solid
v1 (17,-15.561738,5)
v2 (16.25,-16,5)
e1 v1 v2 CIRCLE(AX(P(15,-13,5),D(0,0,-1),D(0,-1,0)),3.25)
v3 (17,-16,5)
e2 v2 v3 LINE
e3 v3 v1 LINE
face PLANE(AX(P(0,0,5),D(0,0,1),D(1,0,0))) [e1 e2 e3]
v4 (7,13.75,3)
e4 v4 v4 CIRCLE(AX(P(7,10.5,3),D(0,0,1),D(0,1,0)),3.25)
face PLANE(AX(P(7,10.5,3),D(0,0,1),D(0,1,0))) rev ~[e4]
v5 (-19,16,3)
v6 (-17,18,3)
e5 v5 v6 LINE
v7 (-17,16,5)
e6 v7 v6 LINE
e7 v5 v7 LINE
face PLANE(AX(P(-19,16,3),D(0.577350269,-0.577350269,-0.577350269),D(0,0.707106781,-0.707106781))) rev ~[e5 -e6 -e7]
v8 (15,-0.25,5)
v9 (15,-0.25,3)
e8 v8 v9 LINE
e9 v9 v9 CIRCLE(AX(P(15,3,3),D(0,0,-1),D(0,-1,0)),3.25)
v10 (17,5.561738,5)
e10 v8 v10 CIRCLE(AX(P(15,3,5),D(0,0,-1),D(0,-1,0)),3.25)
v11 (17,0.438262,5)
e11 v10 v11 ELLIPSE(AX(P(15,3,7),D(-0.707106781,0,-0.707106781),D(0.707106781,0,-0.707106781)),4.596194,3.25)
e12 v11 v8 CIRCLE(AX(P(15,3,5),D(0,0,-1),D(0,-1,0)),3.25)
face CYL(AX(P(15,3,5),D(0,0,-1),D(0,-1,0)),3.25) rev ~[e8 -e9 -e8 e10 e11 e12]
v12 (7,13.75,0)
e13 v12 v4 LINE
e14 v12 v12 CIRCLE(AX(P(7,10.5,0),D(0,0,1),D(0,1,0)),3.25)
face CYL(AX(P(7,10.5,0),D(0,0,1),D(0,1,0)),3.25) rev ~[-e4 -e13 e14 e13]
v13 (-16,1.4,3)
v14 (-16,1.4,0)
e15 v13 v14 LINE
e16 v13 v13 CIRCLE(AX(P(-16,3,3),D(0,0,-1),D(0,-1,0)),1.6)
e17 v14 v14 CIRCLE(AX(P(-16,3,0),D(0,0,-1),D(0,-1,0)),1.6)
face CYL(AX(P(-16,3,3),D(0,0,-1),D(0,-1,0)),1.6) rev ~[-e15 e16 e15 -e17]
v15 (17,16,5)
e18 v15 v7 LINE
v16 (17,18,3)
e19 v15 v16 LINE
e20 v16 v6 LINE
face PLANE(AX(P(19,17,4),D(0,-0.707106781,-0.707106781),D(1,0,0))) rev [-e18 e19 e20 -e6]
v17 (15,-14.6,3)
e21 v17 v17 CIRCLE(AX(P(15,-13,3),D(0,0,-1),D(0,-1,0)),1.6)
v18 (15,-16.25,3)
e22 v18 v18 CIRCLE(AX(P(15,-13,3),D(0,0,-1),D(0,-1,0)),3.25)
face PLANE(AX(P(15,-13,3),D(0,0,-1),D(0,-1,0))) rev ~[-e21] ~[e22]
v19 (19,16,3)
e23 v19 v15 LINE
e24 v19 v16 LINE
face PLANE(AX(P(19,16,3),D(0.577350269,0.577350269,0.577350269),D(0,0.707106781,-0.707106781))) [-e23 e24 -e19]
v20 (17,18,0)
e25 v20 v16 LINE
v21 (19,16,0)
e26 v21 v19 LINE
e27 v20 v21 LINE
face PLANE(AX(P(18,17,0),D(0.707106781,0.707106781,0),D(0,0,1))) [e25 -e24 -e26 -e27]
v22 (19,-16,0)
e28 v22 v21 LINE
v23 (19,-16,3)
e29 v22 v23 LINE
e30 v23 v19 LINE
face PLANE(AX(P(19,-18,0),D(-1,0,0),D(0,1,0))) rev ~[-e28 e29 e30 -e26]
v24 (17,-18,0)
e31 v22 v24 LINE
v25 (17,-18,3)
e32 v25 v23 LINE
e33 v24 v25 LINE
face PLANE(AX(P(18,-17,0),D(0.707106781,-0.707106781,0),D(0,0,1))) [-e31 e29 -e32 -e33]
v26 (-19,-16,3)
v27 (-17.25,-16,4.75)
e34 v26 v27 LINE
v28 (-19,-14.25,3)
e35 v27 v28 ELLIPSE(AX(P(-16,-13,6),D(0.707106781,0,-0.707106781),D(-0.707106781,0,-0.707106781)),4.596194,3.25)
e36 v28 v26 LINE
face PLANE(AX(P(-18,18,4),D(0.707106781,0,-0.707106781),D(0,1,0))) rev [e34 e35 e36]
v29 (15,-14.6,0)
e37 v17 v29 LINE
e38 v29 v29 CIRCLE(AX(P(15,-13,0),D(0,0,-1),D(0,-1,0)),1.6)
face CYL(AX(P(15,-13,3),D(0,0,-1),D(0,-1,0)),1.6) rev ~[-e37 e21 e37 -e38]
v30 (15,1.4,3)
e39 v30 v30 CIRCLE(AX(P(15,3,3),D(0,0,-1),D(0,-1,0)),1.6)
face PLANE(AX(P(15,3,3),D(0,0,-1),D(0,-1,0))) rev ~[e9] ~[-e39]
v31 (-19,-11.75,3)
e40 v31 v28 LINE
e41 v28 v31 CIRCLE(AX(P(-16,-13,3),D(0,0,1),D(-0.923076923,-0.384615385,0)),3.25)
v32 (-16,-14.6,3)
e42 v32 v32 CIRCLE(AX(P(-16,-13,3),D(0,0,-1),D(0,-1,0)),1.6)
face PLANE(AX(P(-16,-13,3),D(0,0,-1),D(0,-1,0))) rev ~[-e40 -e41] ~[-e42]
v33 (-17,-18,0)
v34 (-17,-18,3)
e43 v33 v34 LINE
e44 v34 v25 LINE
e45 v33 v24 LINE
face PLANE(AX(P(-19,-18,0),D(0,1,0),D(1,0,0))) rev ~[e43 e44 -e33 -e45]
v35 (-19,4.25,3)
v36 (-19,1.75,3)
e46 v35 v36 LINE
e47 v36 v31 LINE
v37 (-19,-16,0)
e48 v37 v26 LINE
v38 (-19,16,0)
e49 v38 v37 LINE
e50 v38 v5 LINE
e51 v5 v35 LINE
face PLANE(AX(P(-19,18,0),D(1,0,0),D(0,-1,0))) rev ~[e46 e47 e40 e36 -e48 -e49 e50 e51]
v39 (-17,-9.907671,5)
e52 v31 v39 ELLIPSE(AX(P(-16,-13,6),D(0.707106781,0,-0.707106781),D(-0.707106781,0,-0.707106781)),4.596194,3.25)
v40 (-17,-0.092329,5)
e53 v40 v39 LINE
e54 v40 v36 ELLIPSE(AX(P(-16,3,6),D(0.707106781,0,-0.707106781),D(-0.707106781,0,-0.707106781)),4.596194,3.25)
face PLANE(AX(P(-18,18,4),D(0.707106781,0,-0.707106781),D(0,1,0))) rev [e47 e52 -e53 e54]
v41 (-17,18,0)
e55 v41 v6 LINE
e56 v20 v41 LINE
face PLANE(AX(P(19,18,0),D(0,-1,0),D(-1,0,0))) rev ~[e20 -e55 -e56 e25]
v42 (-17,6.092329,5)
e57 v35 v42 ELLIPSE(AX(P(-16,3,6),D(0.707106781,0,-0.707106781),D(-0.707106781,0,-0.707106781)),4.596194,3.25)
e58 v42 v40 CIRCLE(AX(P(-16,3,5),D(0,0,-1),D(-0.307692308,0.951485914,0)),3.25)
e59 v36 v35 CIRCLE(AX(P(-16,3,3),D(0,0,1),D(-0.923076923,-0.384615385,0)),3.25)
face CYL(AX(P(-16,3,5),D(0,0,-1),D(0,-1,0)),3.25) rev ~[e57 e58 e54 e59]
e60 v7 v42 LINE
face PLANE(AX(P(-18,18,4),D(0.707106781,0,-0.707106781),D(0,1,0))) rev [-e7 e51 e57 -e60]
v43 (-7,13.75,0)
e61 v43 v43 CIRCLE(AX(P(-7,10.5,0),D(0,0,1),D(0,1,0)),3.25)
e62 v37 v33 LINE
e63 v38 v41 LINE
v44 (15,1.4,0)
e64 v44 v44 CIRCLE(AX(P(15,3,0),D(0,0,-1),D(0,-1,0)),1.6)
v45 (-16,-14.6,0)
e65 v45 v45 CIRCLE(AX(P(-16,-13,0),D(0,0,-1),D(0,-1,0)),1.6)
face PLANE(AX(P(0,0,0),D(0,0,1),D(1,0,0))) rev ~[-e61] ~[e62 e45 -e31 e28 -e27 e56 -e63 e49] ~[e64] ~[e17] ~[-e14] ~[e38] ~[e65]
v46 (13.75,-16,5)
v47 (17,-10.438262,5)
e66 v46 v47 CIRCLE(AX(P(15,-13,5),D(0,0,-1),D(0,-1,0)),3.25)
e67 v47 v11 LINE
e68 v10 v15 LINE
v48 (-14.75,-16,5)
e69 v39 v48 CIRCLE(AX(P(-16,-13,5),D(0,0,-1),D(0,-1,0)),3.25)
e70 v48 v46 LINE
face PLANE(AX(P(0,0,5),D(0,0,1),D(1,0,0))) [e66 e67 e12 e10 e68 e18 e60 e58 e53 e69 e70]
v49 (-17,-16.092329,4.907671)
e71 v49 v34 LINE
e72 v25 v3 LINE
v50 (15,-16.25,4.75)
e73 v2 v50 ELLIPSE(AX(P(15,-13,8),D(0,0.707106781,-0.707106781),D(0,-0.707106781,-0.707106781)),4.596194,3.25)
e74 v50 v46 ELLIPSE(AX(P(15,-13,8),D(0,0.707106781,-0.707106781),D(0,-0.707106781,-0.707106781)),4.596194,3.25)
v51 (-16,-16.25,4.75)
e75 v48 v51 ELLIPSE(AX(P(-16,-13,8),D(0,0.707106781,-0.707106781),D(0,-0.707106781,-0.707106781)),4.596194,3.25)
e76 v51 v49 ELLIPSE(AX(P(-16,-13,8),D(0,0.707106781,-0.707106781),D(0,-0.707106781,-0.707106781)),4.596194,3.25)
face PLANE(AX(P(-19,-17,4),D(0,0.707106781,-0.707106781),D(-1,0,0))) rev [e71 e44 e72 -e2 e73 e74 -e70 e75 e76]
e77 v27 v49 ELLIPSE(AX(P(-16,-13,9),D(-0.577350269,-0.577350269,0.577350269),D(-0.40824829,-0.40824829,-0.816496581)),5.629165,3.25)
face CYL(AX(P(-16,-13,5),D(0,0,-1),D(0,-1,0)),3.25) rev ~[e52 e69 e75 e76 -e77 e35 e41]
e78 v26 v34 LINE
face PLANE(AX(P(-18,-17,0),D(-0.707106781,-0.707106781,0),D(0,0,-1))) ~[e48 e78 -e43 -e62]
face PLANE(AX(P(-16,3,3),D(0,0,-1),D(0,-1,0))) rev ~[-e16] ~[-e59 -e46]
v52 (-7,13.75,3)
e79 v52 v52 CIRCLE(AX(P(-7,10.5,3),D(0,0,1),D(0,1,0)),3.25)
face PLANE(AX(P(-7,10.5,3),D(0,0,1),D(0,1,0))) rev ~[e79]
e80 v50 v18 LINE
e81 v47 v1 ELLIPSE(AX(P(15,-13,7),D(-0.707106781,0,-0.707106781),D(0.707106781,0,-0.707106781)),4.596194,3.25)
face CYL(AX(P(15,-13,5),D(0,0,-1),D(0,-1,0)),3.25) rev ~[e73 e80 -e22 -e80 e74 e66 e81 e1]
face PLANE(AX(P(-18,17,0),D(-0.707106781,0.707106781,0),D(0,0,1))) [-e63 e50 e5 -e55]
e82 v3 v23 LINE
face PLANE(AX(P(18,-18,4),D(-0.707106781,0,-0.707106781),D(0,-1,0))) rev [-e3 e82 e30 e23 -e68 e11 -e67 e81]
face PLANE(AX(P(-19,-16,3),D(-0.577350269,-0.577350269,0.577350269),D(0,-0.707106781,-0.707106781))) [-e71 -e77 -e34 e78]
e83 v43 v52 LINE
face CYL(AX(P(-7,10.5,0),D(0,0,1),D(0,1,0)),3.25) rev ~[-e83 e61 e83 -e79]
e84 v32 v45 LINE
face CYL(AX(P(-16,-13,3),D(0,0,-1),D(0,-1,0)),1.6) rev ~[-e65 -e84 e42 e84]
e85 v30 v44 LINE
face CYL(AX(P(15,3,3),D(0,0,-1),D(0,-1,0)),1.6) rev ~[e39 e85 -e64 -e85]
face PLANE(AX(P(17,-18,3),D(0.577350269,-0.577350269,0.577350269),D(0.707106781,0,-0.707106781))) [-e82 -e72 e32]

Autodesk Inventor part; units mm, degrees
ref_plane "YZ Plane" through (0, 0, 0) normal (1, 0, 0) x (0, 1, 0)
ref_plane "XZ Plane" through (0, 0, 0) normal (0, 1, 0) x (-1, 0, 0)
ref_plane "XY Plane" through (0, 0, 0) normal (0, 0, 1) x (1, 0, 0)
sketch "スケッチ1" plane through (0, 0, 0) normal (0, 0, 1) x (1, 0, 0)
  line L0 (-19, -18) -> (19, -18)
  line L1 (19, -18) -> (19, 18)
  line L2 (19, 18) -> (-19, 18)
  line L3 (-19, 18) -> (-19, -18)
  line L4 (-19, -18) -> (19, 18) construction
  line L5 (19, -18) -> (-19, 18) construction
  point P0 (0, 0)
  dimension "d0" = 38
  dimension "d1" = 36
extrude "押し出し1" add sketch "スケッチ1" along normal blind 5
chamfer "面取り1" distance 2 angle 45 8 edges at (0, 18, 5) (19, 0, 5) (0, -18, 5) (-19, 0, 5) (19, -18, 2.5) (-19, -18, 2.5) (-19, 18, 2.5) (19, 18, 2.5)
sketch "スケッチ2" plane through (0, 0, 5) normal (0, 0, 1) x (1, 0, 0)
  line L0 (-19, -18) -> (19, -18) projected
  line L1 (19, -18) -> (19, 18) projected
  line L2 (-16, -13) -> (15, -13)
  line L3 (15, -13) -> (15, 3)
  line L4 (15, 3) -> (-16, 3)
  line L5 (-16, 3) -> (-16, -13)
  line L6 (-16, -13) -> (15, 3) construction
  line L7 (15, -13) -> (-16, 3) construction
  point P0 (0, 0)
  point P1 (-0.5, -5)
  dimension "d4" = 31
  dimension "d5" = 16
  dimension "d6" = 5
  dimension "d7" = 4
hole "穴1" at (-16, 3, 5) at (-16, -13, 5) at (15, -13, 5) at (15, 3, 5) direction (0, 0, -1) diameter 3.2 depth 6 counterbore diameter 6.5 counterbore depth 2
sketch "スケッチ3" plane through (0, 0, 0) normal (0, 0, -1) x (-1, 0, 0)
  line L0 (19, 16) -> (19, -16) projected
  line L1 (-17, 18) -> (17, 18) projected
  point P0 (0, 0)
  point P1 (-7, 10.5)
  point P2 (7, 10.5)
  dimension "d18" = 7.5
  dimension "d19" = 12
  dimension "d20" = 14
hole "穴2" at (7, 10.5, 0) at (-7, 10.5, 0) direction (0, 0, 1) diameter 6.5 depth 3
properties part number "Print_Parts_S2"
